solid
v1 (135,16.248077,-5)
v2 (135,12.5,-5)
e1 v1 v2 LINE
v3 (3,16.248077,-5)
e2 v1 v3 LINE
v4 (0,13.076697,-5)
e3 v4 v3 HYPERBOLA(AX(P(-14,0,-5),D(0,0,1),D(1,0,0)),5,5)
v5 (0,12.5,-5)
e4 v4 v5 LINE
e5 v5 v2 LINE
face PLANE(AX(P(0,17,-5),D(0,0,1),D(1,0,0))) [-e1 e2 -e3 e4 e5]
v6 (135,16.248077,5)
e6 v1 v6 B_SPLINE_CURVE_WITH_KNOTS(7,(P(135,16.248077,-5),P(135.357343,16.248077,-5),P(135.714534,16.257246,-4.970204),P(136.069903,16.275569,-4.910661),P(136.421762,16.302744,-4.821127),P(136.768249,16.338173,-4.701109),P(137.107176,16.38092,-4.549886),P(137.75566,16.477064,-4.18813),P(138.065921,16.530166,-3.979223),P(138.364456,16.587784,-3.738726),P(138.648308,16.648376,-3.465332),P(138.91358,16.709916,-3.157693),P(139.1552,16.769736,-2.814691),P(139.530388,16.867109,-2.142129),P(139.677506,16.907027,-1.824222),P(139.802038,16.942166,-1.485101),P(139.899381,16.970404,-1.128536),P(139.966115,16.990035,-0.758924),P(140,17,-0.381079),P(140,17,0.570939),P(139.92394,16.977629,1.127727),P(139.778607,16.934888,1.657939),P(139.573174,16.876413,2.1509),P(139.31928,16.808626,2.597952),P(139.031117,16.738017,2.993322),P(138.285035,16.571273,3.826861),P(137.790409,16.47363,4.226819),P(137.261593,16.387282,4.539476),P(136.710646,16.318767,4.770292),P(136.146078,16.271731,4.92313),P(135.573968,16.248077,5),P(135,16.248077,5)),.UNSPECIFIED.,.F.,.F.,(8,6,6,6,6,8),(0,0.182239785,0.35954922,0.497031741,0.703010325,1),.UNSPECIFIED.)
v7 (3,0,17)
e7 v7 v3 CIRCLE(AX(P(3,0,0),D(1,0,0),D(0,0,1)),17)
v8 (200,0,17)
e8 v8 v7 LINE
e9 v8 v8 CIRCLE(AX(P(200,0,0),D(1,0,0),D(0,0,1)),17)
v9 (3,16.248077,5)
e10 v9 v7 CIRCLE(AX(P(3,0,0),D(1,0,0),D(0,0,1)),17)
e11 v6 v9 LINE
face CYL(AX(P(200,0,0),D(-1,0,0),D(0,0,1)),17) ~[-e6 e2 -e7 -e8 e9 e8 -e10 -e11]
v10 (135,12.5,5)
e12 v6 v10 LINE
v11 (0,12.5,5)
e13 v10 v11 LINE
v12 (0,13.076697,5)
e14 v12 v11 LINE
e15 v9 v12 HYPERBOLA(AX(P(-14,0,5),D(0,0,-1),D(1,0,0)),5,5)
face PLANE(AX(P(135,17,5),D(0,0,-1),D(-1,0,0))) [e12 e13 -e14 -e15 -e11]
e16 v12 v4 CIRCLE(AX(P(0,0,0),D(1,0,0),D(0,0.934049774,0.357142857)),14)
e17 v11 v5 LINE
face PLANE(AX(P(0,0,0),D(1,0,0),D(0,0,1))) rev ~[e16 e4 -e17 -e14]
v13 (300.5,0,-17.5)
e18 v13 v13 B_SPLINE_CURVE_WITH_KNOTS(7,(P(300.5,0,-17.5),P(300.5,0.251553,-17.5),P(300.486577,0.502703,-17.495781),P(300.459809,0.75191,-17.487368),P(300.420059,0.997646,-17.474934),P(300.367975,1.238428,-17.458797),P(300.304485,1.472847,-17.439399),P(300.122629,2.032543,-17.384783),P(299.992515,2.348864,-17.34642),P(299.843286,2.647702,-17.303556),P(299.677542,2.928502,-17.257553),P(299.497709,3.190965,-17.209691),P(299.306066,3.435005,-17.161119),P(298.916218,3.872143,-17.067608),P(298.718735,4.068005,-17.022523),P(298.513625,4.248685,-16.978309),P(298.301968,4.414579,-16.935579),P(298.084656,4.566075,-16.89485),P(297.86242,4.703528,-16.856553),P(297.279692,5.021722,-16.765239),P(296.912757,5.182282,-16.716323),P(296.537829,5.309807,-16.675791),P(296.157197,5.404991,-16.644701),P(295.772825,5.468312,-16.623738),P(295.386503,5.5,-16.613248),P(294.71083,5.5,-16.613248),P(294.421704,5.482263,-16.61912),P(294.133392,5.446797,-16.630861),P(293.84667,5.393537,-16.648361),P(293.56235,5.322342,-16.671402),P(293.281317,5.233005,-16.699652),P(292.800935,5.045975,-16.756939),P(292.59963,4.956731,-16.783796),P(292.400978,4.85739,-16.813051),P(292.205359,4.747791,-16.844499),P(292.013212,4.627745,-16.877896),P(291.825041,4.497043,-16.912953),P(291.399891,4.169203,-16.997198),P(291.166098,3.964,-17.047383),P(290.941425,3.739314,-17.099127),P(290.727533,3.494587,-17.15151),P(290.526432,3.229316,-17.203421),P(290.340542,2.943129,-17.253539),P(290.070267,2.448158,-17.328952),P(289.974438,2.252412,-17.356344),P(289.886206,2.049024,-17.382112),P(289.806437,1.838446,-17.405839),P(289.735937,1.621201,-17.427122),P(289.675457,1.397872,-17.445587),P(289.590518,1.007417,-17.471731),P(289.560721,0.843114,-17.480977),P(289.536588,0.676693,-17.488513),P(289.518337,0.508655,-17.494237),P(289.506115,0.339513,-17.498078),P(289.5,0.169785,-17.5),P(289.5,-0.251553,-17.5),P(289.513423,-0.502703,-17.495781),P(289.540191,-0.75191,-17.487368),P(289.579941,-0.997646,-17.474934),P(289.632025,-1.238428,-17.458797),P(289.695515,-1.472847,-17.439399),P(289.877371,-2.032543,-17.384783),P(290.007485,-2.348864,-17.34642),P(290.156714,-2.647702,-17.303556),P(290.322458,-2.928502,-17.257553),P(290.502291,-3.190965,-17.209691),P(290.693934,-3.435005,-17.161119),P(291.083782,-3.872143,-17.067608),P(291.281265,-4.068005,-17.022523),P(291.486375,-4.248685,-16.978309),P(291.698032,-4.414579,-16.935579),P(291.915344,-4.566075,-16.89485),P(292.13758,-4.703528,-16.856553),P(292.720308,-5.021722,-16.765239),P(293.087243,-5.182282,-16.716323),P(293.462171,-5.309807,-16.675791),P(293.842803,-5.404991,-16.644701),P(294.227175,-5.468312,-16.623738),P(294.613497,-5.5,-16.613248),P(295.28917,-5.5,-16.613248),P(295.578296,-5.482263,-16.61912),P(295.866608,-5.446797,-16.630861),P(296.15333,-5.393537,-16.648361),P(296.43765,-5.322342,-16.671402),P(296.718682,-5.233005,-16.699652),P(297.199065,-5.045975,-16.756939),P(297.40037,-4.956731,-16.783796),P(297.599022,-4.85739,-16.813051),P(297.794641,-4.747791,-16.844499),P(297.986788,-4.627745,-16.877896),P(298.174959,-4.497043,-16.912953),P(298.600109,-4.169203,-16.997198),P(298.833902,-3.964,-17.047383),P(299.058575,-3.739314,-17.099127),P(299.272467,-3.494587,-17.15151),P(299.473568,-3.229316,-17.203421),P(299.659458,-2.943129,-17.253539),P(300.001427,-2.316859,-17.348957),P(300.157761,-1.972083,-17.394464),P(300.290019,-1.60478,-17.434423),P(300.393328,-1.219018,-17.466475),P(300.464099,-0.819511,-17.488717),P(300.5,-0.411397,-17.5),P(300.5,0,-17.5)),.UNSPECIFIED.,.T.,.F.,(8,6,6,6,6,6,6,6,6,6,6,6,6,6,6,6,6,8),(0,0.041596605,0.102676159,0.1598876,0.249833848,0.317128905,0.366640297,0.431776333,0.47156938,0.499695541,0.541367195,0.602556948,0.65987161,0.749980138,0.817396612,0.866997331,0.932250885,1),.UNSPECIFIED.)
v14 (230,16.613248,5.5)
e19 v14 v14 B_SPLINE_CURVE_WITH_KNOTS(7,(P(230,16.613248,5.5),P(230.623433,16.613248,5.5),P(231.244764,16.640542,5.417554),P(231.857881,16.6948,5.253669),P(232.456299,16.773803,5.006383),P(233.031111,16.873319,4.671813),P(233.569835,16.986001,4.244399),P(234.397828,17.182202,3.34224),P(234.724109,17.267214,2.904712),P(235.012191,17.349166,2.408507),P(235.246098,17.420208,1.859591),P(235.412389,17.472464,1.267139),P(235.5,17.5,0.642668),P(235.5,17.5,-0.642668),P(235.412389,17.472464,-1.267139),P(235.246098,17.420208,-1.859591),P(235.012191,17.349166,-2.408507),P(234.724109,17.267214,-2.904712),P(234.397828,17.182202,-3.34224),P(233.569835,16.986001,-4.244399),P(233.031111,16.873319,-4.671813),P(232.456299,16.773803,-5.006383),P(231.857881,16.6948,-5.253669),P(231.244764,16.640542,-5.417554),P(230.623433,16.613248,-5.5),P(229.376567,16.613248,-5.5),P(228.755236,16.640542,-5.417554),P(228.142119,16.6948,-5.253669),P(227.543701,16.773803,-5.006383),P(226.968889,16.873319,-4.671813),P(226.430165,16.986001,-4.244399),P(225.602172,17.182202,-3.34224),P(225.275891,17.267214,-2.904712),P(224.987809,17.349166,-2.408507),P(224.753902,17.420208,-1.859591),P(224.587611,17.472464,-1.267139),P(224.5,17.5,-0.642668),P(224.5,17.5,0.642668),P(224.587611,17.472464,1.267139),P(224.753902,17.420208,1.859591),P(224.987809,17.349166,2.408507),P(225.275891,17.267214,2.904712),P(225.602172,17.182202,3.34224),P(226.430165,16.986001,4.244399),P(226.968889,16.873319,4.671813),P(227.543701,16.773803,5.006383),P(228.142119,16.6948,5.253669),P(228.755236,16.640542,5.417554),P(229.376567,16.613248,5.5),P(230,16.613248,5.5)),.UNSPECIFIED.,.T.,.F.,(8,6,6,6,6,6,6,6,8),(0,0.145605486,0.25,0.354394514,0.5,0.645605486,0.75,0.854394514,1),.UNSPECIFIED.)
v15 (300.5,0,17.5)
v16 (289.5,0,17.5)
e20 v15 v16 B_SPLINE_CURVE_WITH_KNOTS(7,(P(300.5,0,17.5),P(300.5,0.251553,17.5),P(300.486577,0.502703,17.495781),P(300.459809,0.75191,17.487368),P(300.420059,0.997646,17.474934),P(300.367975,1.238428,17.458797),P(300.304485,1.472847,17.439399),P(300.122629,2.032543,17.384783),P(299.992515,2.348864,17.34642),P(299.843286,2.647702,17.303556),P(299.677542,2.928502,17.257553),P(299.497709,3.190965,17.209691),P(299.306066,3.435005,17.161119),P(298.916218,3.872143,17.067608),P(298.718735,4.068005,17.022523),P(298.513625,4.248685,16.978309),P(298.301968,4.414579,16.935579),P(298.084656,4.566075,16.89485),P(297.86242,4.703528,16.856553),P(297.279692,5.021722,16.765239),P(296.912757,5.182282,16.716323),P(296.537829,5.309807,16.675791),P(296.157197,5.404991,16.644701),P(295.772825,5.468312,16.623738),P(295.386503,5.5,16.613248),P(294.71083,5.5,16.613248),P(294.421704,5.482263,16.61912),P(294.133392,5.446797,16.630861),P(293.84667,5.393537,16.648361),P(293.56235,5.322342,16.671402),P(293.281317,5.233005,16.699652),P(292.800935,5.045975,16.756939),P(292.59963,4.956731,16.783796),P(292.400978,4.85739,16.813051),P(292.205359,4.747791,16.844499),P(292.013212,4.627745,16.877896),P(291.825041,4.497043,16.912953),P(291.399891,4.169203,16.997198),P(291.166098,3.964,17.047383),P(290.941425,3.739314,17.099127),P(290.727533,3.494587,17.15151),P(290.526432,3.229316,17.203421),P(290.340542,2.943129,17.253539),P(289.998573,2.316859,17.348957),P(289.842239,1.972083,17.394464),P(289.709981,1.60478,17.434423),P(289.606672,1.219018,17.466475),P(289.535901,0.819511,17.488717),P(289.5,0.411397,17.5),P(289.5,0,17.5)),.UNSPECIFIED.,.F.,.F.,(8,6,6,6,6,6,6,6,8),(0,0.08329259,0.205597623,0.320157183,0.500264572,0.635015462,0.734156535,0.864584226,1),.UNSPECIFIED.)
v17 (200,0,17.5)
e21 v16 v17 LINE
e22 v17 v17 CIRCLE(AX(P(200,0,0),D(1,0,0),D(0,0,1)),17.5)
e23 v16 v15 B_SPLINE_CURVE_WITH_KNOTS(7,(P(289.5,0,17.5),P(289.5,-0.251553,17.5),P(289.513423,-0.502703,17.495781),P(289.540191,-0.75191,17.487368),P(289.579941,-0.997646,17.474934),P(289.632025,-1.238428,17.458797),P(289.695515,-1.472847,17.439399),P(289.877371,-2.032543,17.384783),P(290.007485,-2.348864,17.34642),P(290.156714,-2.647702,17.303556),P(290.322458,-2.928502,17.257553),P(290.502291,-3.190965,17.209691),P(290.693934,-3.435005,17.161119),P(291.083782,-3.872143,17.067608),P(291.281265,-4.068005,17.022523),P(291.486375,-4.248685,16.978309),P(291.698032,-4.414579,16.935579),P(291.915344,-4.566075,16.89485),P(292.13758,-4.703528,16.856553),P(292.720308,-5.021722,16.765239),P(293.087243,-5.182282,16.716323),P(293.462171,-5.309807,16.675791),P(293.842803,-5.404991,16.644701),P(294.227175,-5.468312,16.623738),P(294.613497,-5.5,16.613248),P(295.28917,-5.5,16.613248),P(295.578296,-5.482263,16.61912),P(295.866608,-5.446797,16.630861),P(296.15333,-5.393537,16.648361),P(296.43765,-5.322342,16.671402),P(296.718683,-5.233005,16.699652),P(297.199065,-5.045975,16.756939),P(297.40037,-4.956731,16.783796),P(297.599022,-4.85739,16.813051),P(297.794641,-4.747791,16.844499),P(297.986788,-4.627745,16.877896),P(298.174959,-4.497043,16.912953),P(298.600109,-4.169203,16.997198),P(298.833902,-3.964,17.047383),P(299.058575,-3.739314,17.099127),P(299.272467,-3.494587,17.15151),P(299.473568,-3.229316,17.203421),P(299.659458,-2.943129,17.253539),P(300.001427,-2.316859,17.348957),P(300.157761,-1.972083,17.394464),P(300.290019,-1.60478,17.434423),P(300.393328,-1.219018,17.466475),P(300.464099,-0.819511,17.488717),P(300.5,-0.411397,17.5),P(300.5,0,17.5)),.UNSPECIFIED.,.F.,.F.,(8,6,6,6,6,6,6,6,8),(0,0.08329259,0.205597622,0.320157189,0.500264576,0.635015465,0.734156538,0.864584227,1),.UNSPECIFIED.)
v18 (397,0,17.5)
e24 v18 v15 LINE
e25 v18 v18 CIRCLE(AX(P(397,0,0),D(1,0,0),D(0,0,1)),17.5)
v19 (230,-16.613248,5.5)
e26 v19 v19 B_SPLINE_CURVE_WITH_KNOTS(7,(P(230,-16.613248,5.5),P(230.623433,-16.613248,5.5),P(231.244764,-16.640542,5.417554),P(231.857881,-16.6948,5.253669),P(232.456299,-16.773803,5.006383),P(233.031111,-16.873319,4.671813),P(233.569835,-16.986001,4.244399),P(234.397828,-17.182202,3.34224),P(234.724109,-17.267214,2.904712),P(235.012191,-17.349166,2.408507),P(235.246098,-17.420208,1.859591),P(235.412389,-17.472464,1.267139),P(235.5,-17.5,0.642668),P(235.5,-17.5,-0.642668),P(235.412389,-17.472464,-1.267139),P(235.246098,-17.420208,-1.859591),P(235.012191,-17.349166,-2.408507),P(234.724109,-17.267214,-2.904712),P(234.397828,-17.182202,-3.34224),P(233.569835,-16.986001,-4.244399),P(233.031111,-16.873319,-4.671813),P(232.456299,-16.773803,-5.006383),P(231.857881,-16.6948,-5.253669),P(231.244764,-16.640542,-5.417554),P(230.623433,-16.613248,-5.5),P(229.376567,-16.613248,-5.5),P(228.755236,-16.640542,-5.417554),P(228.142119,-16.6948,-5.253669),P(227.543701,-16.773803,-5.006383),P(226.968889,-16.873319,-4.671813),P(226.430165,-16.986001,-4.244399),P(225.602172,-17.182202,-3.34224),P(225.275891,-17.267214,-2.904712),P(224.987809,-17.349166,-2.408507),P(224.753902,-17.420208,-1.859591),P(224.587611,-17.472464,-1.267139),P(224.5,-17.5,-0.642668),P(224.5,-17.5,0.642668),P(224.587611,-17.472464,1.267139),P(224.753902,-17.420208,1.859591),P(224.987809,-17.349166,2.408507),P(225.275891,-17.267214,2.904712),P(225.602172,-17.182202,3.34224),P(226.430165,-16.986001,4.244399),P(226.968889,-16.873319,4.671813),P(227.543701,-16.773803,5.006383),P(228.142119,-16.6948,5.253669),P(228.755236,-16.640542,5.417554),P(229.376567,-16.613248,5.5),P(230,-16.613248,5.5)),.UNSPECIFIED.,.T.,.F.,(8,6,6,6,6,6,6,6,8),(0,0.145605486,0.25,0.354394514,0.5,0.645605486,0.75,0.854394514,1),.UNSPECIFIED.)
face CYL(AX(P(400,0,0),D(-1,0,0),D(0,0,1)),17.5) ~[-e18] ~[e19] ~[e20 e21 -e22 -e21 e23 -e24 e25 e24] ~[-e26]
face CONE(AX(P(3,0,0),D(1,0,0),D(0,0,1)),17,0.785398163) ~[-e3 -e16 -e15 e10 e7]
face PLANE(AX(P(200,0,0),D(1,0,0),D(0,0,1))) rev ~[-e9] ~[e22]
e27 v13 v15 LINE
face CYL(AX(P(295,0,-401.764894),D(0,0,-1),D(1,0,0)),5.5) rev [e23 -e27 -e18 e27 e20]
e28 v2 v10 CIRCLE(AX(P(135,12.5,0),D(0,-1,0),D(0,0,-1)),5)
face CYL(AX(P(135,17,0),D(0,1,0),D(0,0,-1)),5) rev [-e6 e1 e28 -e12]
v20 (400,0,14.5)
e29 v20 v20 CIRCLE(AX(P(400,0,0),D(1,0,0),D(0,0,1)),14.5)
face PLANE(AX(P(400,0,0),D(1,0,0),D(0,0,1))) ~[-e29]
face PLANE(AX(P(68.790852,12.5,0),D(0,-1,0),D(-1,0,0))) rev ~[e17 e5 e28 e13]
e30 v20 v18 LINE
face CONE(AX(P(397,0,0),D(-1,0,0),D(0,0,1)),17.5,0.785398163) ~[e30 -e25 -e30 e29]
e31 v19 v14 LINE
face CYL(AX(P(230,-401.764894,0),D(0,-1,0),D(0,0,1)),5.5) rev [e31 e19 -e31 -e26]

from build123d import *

# Parameters (mm, degrees)
CHAMFER1_SIZE           = 3
CUT_EXTRUDE1_START      = 17
CUT_EXTRUDE1_DEPTH      = 4.5
CUT_EXTRUDE2_DEPTH      = 401.764893672
CUT_EXTRUDE2_DEPTH_BACK = 401.764893672
SKETCH3_R               = 5.5
CUT_EXTRUDE3_DEPTH      = 401.764893681
CUT_EXTRUDE3_DEPTH_BACK = 401.764893681
SKETCH4_R               = 5.5


with BuildPart() as part:
    # Sketch1 → Revolve1 (revolve)
    with BuildSketch(Plane.XY, mode=Mode.PRIVATE) as revolve1_sk:
        Polygon((0, 0), (400, 0), (400, 17.5), (200, 17.5), (200, 17), (0, 17), align=None)
    revolve(revolve1_sk.sketch.rotate(Axis((0, 0, 0), (1, 0, 0)), 90), axis=Axis((0, 0, 0), (1, 0, 0)))

    # Chamfer1
    chamfer1_edges = [part.edges().sort_by_distance(p)[0] for p in [
        (0, 0, -17),
        (400, 0, -17.5),
    ]]
    chamfer(chamfer1_edges, length=CHAMFER1_SIZE)

    # Sketch2 → Cut-Extrude1 (cut)
    with BuildSketch(Plane(origin=(0, 0, 0), x_dir=(1, 0, 0), z_dir=(0, 1, 0)).offset(CUT_EXTRUDE1_START)):
        with BuildLine():
            Line((0, 5), (135, 5))
            ThreePointArc((135, 5), (140, 0), (135, -5))
            Line((135, -5), (0, -5))
            Line((0, -5), (0, 5))
        make_face()
    extrude(amount=-CUT_EXTRUDE1_DEPTH, mode=Mode.SUBTRACT)

    # Sketch3 → Cut-Extrude2 (cut, two sides: drawn at the far end of the back side and taken through both)
    with BuildSketch(Plane(origin=(0, 0, 0), x_dir=(1, 0, 0), z_dir=(0, 1, 0)).offset(-CUT_EXTRUDE2_DEPTH_BACK)):
        with Locations(Location((230, 0, 0), (0, 0, 270))):
            Circle(SKETCH3_R)
    extrude(amount=CUT_EXTRUDE2_DEPTH + CUT_EXTRUDE2_DEPTH_BACK, mode=Mode.SUBTRACT)

    # Sketch4 → Cut-Extrude3 (cut, two sides: drawn at the far end of the back side and taken through both)
    with BuildSketch(Plane.XY.offset(-CUT_EXTRUDE3_DEPTH_BACK)):
        with Locations((295, 0)):
            Circle(SKETCH4_R)
    extrude(amount=CUT_EXTRUDE3_DEPTH + CUT_EXTRUDE3_DEPTH_BACK, mode=Mode.SUBTRACT)


solid = part.part
